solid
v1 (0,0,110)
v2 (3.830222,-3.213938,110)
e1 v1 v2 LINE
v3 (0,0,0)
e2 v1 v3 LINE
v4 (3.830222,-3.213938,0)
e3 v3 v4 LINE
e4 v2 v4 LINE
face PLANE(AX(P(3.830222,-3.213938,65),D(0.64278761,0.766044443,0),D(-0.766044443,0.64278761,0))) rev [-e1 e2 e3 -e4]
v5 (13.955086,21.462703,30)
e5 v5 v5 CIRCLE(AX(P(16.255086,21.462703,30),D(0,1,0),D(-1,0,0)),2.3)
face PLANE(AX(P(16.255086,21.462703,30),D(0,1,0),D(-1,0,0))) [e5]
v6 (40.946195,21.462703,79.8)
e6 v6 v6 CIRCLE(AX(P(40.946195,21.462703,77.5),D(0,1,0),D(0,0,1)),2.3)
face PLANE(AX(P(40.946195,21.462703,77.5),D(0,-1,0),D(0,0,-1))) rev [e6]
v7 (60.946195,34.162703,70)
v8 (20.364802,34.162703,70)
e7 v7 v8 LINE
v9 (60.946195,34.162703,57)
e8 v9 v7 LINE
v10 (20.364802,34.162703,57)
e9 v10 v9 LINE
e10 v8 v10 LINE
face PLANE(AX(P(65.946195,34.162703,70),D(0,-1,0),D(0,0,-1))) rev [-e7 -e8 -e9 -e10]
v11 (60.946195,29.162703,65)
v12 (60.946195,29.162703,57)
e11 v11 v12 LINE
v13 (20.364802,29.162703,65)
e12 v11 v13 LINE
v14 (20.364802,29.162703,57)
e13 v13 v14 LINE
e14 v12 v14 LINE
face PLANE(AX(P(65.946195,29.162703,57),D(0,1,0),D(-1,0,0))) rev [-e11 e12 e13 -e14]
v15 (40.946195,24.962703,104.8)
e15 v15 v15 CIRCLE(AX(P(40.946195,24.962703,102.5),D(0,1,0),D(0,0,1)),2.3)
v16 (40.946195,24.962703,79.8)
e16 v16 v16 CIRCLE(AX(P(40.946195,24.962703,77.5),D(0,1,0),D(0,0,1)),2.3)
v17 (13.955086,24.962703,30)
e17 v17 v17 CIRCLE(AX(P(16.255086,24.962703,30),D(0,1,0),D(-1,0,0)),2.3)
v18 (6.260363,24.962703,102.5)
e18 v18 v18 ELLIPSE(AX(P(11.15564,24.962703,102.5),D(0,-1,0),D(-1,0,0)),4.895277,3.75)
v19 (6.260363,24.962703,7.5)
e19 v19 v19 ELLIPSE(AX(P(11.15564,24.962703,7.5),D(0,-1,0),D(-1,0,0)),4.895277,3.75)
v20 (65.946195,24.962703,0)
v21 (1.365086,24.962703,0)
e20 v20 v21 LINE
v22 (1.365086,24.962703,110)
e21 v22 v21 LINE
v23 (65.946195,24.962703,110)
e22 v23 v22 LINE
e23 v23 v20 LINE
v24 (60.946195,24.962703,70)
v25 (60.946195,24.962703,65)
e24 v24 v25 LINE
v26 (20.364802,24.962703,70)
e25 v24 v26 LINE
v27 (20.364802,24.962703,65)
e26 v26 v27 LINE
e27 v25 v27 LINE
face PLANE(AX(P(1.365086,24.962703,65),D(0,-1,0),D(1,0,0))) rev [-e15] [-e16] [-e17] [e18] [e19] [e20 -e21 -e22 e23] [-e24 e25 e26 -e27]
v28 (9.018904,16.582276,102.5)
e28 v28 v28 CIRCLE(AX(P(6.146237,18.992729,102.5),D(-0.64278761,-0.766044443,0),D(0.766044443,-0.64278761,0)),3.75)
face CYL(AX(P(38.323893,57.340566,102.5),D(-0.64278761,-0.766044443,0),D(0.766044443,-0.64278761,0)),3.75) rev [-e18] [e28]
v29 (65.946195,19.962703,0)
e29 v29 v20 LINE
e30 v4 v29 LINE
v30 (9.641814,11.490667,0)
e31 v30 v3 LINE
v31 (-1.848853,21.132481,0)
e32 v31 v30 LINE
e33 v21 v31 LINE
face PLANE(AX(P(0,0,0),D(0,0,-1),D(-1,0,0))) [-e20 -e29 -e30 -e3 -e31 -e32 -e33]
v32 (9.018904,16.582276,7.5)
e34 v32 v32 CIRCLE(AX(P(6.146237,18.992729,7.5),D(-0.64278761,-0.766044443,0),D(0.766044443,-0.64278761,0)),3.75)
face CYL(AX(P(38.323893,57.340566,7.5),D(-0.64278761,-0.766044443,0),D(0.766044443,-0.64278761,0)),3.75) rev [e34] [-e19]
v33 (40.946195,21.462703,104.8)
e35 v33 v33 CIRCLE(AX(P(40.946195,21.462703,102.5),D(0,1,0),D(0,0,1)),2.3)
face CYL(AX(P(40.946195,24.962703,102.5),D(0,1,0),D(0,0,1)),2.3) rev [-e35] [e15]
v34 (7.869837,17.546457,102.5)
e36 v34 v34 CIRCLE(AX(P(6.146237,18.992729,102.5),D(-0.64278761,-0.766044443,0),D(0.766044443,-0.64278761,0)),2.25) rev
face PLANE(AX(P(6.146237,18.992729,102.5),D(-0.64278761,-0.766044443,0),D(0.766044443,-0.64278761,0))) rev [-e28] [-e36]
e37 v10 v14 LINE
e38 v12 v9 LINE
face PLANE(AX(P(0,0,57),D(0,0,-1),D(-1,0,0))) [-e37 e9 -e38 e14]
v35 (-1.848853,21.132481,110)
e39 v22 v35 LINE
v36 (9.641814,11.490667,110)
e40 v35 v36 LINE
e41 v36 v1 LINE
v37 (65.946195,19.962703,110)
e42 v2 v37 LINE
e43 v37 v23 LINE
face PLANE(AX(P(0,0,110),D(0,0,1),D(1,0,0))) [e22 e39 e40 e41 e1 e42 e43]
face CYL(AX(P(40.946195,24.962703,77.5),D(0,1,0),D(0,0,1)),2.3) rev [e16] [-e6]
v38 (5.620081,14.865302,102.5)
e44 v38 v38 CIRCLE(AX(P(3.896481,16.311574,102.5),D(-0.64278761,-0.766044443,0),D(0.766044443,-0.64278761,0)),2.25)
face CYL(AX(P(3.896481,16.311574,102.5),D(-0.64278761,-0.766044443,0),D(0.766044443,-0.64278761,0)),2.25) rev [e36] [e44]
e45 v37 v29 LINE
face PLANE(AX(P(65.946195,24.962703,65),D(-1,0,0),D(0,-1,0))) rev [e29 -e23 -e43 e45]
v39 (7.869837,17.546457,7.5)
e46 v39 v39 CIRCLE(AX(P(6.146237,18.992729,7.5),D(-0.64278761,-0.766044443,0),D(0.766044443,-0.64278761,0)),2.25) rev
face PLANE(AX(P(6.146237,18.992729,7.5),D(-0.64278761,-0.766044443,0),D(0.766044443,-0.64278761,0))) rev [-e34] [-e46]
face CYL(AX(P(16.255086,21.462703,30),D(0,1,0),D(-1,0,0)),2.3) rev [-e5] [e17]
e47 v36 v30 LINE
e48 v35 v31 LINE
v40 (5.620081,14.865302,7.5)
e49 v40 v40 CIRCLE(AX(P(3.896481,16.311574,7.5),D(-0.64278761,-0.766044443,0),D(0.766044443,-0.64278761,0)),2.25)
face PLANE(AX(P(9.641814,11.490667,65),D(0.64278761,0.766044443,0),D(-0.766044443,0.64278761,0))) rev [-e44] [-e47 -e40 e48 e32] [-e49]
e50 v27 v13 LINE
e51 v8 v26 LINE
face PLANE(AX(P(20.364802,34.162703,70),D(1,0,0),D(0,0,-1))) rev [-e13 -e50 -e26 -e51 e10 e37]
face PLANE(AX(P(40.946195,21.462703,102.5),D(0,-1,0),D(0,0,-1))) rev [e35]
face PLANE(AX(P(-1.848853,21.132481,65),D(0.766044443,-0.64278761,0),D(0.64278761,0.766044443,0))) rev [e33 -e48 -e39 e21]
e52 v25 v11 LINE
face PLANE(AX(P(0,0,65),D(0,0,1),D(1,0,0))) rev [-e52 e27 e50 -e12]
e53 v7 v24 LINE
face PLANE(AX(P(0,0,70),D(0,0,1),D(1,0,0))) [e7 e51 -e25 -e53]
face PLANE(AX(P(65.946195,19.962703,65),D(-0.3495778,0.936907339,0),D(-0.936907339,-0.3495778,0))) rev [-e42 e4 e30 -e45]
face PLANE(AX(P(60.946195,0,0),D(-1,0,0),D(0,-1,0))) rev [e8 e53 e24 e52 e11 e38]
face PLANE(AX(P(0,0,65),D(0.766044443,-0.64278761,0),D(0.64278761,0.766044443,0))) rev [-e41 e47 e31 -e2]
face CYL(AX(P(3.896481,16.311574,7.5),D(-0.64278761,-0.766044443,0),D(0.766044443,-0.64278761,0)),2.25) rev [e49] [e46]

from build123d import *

# Parameters (mm, degrees)
EXTRUDE_1_DEPTH     = 65
EXTRUDE_2_DEPTH     = 5
EXTRUDE_4_DEPTH     = 8
SKETCH_9_R          = 2.3
CUT_EXTRUDE_4_DEPTH = 3.5
CUT_EXTRUDE_6_DEPTH = 14
EXTRUDE_5_DEPTH     = 40
HOLE_WIZARD_M4_1_D  = 4.5
CUT_EXTRUDE_START   = -3.5
SKETCH_17_R         = 3.75
CUT_EXTRUDE_7_DEPTH = 51.05954578
F_4_0MM_1_D         = 4.6
F_4_0MM_1_DEPTH     = 3.5
CUT_EXTRUDE_8_DEPTH = 5


with BuildPart() as part:
    # ｽｹｯﾁ1 → ﾎﾞｽ - 押し出し1 (new body)
    with BuildSketch(Plane.XY):
        Polygon((0, 0), (9.641814145, 11.490666647), (-1.848852501, 21.132480792), (1.365085547, 24.962703008), (65.946194887, 24.962703008), (65.946194887, 19.962703008), (3.830222216, -3.213938048), align=None)
    extrude(amount=EXTRUDE_1_DEPTH)

    # ｽｹｯﾁ6 → ﾎﾞｽ - 押し出し2 (add)
    with BuildSketch(Plane.XY.offset(65)):
        Polygon((0, 0), (3.830222216, -3.213938048), (65.946194887, 19.962703008), (65.946194887, 34.162703008), (9.084802154, 34.162703008), (-1.848852501, 21.132480792), (9.641814145, 11.490666647), align=None)
    extrude(amount=EXTRUDE_2_DEPTH)

    # ｽｹｯﾁ8 → ﾎﾞｽ - 押し出し4 (add)
    with BuildSketch(Plane(origin=(0, 0, 65), x_dir=(-1, 0, 0), z_dir=(0, 0, -1))):
        Polygon((-65.946194887, 34.162703008), (-65.946194887, 29.162703008), (-4.889303998, 29.162703008), (-9.084802154, 34.162703008), align=None)
    extrude(amount=EXTRUDE_4_DEPTH)

    # ｽｹｯﾁ9 → ｶｯﾄ - 押し出し4 (cut)
    with BuildSketch(Plane(origin=(0, 24.962703008, 0), x_dir=(1, 0, 0), z_dir=(0, 1, 0))):
        with Locations((16.255085547, -30)):
            Circle(SKETCH_9_R)
    extrude(amount=-CUT_EXTRUDE_4_DEPTH, mode=Mode.SUBTRACT)

    # ｽｹｯﾁ11 → ｶｯﾄ - 押し出し6 (cut, through all)
    with BuildSketch(Plane(origin=(0, 0, 57), x_dir=(-1, 0, 0), z_dir=(0, 0, -1))):
        Polygon((-1.365085547, 24.962703008), (-9.084802154, 34.162703008), (-20.364802154, 34.162703008), (-20.364802154, 24.962703008), align=None)
    extrude(amount=-CUT_EXTRUDE_6_DEPTH, mode=Mode.SUBTRACT)

    # ｽｹｯﾁ12 → ﾎﾞｽ - 押し出し5 (add)
    with BuildSketch(Plane.XY.offset(70)):
        Polygon((0, 0), (3.830222216, -3.213938048), (65.946194887, 19.962703008), (65.946194887, 24.962703008), (1.365085547, 24.962703008), (-1.848852501, 21.132480792), (9.641814145, 11.490666647), align=None)
    extrude(amount=EXTRUDE_5_DEPTH)

    # M4 すきま穴1 (through all)
    with Locations(Plane(origin=(9.641814145, 11.490666647, 0), x_dir=(-0.766044443, 0.64278761, 0), z_dir=(-0.64278761, -0.766044443, 0))):
        with Locations((7.5, -102.5), (7.5, -7.5)):
            Hole(HOLE_WIZARD_M4_1_D / 2)

    # ｽｹｯﾁ17 → ｶｯﾄ - 押し出し7 (cut, through all)
    with BuildSketch(Plane(origin=(9.641814145, 11.490666647, 0), x_dir=(0.766044443, -0.64278761, 0), z_dir=(-0.64278761, -0.766044443, 0)).offset(CUT_EXTRUDE_START)):
        with Locations((-7.5, 102.5)):
            Circle(SKETCH_17_R)
        with Locations((-7.5, 7.5)):
            Circle(SKETCH_17_R)
    extrude(amount=-CUT_EXTRUDE_7_DEPTH, mode=Mode.SUBTRACT)

    # Ø4.0mm ﾀﾞｳｴﾙ穴1
    with Locations(Plane(origin=(0, 24.962703008, 0), x_dir=(1, 0, 0), z_dir=(0, 1, 0))):
        with Locations((40.946194887, -77.5), (40.946194887, -102.5)):
            Hole(F_4_0MM_1_D / 2, depth=F_4_0MM_1_DEPTH)

    # ｽｹｯﾁ20 → ｶｯﾄ - 押し出し8 (cut)
    with BuildSketch(Plane(origin=(65.946194887, 0, 0), x_dir=(0, 0, -1), z_dir=(1, 0, 0))):
        Polygon((-70, 24.962703008), (-65, 24.962703008), (-65, 29.162703008), (-57, 29.162703008), (-57, 34.162703008), (-70, 34.162703008), align=None)
    extrude(amount=-CUT_EXTRUDE_8_DEPTH, mode=Mode.SUBTRACT)


solid = part.part
